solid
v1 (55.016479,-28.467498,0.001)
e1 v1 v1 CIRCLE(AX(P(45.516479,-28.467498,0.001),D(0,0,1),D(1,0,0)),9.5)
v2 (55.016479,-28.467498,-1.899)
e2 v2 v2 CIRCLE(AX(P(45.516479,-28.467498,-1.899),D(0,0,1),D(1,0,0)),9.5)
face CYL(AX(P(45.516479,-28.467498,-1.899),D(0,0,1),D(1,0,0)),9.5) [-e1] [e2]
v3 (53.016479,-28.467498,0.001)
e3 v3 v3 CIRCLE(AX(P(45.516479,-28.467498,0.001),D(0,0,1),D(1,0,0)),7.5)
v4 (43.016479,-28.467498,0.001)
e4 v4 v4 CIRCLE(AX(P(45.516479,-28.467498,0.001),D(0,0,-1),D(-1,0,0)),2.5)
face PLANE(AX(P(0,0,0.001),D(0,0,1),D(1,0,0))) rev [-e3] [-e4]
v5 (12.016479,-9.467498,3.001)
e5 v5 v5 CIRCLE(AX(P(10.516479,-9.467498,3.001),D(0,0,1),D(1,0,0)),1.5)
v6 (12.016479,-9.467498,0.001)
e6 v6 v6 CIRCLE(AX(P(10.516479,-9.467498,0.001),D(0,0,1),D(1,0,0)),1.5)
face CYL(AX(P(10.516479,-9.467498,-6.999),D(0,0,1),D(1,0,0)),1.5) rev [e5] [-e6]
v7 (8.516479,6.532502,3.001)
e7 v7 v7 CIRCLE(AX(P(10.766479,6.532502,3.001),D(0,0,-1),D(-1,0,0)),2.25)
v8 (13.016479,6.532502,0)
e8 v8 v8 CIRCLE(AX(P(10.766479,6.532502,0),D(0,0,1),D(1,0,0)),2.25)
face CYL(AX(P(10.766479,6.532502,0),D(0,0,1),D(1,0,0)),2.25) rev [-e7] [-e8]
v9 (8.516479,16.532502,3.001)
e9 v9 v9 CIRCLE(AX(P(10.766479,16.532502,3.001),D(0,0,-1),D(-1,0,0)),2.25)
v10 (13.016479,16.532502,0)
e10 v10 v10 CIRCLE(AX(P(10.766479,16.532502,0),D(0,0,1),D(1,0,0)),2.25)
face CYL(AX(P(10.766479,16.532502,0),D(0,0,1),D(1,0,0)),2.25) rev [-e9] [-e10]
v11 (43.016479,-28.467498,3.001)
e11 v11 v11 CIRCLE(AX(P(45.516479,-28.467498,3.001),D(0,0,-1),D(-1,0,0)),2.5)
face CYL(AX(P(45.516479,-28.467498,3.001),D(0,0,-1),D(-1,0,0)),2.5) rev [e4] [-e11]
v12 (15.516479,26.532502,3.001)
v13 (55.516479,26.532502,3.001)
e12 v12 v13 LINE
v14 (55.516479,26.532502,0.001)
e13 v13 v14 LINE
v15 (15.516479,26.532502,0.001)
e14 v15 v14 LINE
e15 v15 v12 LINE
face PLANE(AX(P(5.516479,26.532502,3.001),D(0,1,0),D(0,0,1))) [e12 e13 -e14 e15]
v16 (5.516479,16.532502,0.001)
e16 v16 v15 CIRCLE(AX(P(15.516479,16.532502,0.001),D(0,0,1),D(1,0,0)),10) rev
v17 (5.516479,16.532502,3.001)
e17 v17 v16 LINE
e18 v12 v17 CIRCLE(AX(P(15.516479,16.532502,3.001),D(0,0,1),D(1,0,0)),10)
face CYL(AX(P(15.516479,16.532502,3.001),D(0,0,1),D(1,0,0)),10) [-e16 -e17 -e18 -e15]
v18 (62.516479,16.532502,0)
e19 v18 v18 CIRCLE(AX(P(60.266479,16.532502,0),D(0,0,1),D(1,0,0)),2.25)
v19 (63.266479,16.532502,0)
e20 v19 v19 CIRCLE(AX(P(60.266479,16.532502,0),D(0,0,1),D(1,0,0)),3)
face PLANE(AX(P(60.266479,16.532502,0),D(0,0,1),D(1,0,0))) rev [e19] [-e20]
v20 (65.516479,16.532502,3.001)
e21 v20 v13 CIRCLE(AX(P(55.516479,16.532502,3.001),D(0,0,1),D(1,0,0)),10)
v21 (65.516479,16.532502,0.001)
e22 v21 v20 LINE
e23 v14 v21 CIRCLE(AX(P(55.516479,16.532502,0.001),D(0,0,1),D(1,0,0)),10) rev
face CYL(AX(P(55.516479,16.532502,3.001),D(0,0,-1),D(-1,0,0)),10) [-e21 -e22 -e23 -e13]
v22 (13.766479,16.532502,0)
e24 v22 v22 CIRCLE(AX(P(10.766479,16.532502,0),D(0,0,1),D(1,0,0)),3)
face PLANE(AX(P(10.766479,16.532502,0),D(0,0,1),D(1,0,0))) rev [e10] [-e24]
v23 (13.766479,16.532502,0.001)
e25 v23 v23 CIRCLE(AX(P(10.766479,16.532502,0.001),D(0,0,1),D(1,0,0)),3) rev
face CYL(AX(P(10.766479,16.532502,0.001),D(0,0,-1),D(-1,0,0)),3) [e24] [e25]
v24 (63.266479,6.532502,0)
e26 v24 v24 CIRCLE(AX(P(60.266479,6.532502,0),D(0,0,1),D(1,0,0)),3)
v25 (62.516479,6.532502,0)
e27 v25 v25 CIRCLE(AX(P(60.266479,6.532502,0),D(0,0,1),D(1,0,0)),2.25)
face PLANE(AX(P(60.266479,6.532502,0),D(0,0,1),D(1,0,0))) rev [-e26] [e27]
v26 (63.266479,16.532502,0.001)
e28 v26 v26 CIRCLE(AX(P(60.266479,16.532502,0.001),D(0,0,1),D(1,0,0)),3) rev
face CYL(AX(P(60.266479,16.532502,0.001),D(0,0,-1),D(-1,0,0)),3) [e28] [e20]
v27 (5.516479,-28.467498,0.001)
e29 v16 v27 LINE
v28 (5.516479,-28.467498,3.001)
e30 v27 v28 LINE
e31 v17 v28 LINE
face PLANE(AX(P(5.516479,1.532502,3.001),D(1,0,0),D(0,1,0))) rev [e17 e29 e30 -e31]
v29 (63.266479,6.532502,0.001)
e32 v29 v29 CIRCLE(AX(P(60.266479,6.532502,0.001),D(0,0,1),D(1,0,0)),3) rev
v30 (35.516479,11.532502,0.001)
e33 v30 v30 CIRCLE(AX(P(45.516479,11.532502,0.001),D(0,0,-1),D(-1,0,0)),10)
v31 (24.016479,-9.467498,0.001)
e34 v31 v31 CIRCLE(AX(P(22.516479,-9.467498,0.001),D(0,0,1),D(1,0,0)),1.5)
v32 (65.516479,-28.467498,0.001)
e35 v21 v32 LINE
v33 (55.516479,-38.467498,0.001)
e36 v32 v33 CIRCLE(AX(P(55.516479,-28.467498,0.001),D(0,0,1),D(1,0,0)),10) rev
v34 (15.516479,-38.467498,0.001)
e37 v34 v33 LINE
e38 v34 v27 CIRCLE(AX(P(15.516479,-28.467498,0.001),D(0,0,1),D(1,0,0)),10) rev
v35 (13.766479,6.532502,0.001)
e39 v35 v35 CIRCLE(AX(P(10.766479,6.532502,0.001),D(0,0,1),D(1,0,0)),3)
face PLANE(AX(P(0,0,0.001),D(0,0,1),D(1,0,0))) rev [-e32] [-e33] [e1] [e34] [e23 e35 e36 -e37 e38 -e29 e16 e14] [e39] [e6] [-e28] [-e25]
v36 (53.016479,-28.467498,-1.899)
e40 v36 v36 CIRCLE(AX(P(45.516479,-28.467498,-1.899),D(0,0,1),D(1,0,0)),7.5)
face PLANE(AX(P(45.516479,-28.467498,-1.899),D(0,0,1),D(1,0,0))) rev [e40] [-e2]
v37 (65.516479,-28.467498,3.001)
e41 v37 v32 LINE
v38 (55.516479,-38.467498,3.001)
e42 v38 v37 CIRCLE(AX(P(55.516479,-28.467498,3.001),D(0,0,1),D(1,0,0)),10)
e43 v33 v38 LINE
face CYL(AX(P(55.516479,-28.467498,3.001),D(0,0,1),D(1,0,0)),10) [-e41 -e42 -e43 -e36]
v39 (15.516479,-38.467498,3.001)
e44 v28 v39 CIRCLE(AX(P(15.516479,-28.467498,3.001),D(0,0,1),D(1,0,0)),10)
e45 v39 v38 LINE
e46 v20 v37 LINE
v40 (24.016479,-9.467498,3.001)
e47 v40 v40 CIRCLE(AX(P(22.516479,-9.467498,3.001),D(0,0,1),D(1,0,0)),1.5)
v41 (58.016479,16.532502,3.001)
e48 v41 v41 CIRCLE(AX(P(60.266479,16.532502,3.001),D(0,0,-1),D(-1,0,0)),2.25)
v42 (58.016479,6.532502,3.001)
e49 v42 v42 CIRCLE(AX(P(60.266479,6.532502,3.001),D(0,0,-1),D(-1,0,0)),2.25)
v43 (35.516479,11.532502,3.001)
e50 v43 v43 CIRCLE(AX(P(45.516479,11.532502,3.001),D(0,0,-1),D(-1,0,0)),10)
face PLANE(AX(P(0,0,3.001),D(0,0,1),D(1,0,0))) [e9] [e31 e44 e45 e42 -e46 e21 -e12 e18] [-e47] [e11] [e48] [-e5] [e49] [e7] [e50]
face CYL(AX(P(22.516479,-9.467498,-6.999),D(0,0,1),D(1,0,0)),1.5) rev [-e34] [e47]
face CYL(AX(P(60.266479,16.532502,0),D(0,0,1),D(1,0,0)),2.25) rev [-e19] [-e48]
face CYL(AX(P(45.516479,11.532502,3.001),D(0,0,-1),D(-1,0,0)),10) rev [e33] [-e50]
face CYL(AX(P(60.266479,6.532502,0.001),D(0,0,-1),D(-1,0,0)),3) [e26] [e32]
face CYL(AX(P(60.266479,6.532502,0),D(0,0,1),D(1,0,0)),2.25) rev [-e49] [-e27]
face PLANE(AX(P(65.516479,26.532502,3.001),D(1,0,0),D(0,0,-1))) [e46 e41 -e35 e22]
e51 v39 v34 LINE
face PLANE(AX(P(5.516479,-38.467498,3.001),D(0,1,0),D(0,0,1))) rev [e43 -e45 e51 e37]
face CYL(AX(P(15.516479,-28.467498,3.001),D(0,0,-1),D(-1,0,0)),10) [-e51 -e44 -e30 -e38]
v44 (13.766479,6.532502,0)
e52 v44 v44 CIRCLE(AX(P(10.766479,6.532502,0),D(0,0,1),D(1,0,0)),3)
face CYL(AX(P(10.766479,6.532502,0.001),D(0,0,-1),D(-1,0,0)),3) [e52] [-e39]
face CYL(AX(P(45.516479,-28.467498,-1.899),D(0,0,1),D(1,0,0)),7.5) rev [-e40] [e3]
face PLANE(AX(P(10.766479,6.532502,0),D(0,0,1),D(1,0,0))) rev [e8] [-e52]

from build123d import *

# Parameters (mm, degrees)
SKETCH_3_R               = 3
EXTRUDE_6_DEPTH          = 0.001
EXTRUDE_6_2_DEPTH        = 0.001
EXTRUDE_6_3_DEPTH        = 0.001
EXTRUDE_6_4_DEPTH        = 0.001
SKETCH_11_R              = 2.25
CUT_EXTRUDE_2_DEPTH      = 1
CUT_EXTRUDE_2_DEPTH_BACK = 1.001
EXTRUDE_7_DEPTH          = 3
SKETCH_14_R              = 2.25
SKETCH_14_R_2            = 10
CUT_EXTRUDE_3_DEPTH      = 3
SKETCH_15_R              = 10
SKETCH_15_R_2            = 2.5
CUT_EXTRUDE_4_DEPTH      = 3
SKETCH_16_R              = 1.5
CUT_EXTRUDE_5_DEPTH      = 10
SKETCH_17_R              = 9.5
SKETCH_17_R_2            = 7.5
EXTRUDE_8_DEPTH          = 4.9
FILLET_1_R               = 10


with BuildPart() as part:
    # 草图3 → 凸台-拉伸6 (new body)
    with BuildSketch(Plane.XY):
        with Locations((60.266478541, 16.532501821)):
            Circle(SKETCH_3_R)
    extrude(amount=EXTRUDE_6_DEPTH)


with BuildPart() as body_2:
    # 草图3 → Extrude 6 2 (new body)
    with BuildSketch(Plane.XY):
        with Locations((60.266478541, 6.532501821)):
            Circle(SKETCH_3_R)
    extrude(amount=EXTRUDE_6_2_DEPTH)


with BuildPart() as body_3:
    # 草图3 → Extrude 6 3 (new body)
    with BuildSketch(Plane.XY):
        with Locations((10.766478541, 6.532501821)):
            Circle(SKETCH_3_R)
    extrude(amount=EXTRUDE_6_3_DEPTH)


with BuildPart() as body_4:
    # 草图3 → Extrude 6 4 (new body)
    with BuildSketch(Plane.XY):
        with Locations((10.766478541, 16.532501821)):
            Circle(SKETCH_3_R)
    extrude(amount=EXTRUDE_6_4_DEPTH)


with BuildPart() as cut_extrude_2_tool:
    # 草图11 → 切除-拉伸2 (new body, two sides)
    with BuildSketch(Plane.XY.offset(0.001)) as cut_extrude_2_sk:
        with Locations((10.766478541, 16.532501821)):
            Circle(SKETCH_11_R)
        with Locations((10.766478541, 6.532501821)):
            Circle(SKETCH_11_R)
        with Locations((60.266478541, 16.532501821)):
            Circle(SKETCH_11_R)
        with Locations((60.266478541, 6.532501821)):
            Circle(SKETCH_11_R)
    extrude(amount=CUT_EXTRUDE_2_DEPTH)
    extrude(cut_extrude_2_sk.sketch, amount=-CUT_EXTRUDE_2_DEPTH_BACK)


with BuildPart() as part_1:
    add(part.part)

    # 切除-拉伸2: cut by cut_extrude_2_tool
    add(cut_extrude_2_tool.part, mode=Mode.SUBTRACT)



with BuildPart() as body_2_1:
    add(body_2.part)

    # 切除-拉伸2: cut by cut_extrude_2_tool
    add(cut_extrude_2_tool.part, mode=Mode.SUBTRACT)


with BuildPart() as body_3_1:
    add(body_3.part)

    # 切除-拉伸2: cut by cut_extrude_2_tool
    add(cut_extrude_2_tool.part, mode=Mode.SUBTRACT)


with BuildPart() as body_4_1:
    add(body_4.part)

    # 切除-拉伸2: cut by cut_extrude_2_tool
    add(cut_extrude_2_tool.part, mode=Mode.SUBTRACT)


with BuildPart() as part_2:
    add(part_1.part)

    add(body_2_1.part)  # 凸台-拉伸7 merges body 2

    add(body_3_1.part)  # 凸台-拉伸7 merges body 3

    add(body_4_1.part)  # 凸台-拉伸7 merges body 4
    # 草图12 → 凸台-拉伸7 (add)
    with BuildSketch(Plane.XY.offset(0.001)):
        Polygon((5.516478541, 26.532501821), (65.516478541, 26.532501821), (65.516478541, -38.467498179), (5.516478541, -38.467498179), (5.516478541, 1.532501821), align=None)
    extrude(amount=EXTRUDE_7_DEPTH)

    # 草图14 → 切除-拉伸3 (cut)
    with BuildSketch(Plane(origin=(0, 0, 0.001), x_dir=(-1, 0, 0), z_dir=(0, 0, -1))):
        with Locations((-60.266478541, 6.532501821)):
            Circle(SKETCH_14_R)
        with Locations((-60.266478541, 16.532501821)):
            Circle(SKETCH_14_R)
        with Locations((-10.766478541, 6.532501821)):
            Circle(SKETCH_14_R)
        with Locations((-10.766478541, 16.532501821)):
            Circle(SKETCH_14_R)
        with Locations((-45.516478541, 11.532501821)):
            Circle(SKETCH_14_R_2)
    extrude(amount=-CUT_EXTRUDE_3_DEPTH, mode=Mode.SUBTRACT)

    # 草图15 → 切除-拉伸4 (cut)
    with BuildSketch(Plane(origin=(0, 0, 0.001), x_dir=(-1, 0, 0), z_dir=(0, 0, -1))):
        with Locations((-45.516478541, 11.532501821)):
            Circle(SKETCH_15_R)
        with Locations((-45.516478541, -28.467498179)):
            Circle(SKETCH_15_R_2)
    extrude(amount=-CUT_EXTRUDE_4_DEPTH, mode=Mode.SUBTRACT)

    # 草图16 → 切除-拉伸5 (cut)
    with BuildSketch(Plane.XY.offset(3.001)):
        with Locations((10.516478541, -9.467498179)):
            Circle(SKETCH_16_R)
        with Locations((22.516478541, -9.467498179)):
            Circle(SKETCH_16_R)
    extrude(amount=-CUT_EXTRUDE_5_DEPTH, mode=Mode.SUBTRACT)

    # 草图17 → 凸台-拉伸8 (add)
    with BuildSketch(Plane.XY.offset(3.001)):
        with Locations((45.516478541, -28.467498179)):
            Circle(SKETCH_17_R)
        with Locations((45.516478541, -28.467498179)):
            Circle(SKETCH_17_R_2, mode=Mode.SUBTRACT)
    extrude(amount=-EXTRUDE_8_DEPTH)

    # 圆角1
    fillet_1_edges = [part_2.edges().sort_by_distance(p)[0] for p in [
        (5.516478541, 26.532501821, 1.501),
        (5.516478541, -38.467498179, 1.501),
        (65.516478541, -38.467498179, 1.501),
        (65.516478541, 26.532501821, 1.501),
    ]]
    fillet(fillet_1_edges, radius=FILLET_1_R)


solid = part_2.part
